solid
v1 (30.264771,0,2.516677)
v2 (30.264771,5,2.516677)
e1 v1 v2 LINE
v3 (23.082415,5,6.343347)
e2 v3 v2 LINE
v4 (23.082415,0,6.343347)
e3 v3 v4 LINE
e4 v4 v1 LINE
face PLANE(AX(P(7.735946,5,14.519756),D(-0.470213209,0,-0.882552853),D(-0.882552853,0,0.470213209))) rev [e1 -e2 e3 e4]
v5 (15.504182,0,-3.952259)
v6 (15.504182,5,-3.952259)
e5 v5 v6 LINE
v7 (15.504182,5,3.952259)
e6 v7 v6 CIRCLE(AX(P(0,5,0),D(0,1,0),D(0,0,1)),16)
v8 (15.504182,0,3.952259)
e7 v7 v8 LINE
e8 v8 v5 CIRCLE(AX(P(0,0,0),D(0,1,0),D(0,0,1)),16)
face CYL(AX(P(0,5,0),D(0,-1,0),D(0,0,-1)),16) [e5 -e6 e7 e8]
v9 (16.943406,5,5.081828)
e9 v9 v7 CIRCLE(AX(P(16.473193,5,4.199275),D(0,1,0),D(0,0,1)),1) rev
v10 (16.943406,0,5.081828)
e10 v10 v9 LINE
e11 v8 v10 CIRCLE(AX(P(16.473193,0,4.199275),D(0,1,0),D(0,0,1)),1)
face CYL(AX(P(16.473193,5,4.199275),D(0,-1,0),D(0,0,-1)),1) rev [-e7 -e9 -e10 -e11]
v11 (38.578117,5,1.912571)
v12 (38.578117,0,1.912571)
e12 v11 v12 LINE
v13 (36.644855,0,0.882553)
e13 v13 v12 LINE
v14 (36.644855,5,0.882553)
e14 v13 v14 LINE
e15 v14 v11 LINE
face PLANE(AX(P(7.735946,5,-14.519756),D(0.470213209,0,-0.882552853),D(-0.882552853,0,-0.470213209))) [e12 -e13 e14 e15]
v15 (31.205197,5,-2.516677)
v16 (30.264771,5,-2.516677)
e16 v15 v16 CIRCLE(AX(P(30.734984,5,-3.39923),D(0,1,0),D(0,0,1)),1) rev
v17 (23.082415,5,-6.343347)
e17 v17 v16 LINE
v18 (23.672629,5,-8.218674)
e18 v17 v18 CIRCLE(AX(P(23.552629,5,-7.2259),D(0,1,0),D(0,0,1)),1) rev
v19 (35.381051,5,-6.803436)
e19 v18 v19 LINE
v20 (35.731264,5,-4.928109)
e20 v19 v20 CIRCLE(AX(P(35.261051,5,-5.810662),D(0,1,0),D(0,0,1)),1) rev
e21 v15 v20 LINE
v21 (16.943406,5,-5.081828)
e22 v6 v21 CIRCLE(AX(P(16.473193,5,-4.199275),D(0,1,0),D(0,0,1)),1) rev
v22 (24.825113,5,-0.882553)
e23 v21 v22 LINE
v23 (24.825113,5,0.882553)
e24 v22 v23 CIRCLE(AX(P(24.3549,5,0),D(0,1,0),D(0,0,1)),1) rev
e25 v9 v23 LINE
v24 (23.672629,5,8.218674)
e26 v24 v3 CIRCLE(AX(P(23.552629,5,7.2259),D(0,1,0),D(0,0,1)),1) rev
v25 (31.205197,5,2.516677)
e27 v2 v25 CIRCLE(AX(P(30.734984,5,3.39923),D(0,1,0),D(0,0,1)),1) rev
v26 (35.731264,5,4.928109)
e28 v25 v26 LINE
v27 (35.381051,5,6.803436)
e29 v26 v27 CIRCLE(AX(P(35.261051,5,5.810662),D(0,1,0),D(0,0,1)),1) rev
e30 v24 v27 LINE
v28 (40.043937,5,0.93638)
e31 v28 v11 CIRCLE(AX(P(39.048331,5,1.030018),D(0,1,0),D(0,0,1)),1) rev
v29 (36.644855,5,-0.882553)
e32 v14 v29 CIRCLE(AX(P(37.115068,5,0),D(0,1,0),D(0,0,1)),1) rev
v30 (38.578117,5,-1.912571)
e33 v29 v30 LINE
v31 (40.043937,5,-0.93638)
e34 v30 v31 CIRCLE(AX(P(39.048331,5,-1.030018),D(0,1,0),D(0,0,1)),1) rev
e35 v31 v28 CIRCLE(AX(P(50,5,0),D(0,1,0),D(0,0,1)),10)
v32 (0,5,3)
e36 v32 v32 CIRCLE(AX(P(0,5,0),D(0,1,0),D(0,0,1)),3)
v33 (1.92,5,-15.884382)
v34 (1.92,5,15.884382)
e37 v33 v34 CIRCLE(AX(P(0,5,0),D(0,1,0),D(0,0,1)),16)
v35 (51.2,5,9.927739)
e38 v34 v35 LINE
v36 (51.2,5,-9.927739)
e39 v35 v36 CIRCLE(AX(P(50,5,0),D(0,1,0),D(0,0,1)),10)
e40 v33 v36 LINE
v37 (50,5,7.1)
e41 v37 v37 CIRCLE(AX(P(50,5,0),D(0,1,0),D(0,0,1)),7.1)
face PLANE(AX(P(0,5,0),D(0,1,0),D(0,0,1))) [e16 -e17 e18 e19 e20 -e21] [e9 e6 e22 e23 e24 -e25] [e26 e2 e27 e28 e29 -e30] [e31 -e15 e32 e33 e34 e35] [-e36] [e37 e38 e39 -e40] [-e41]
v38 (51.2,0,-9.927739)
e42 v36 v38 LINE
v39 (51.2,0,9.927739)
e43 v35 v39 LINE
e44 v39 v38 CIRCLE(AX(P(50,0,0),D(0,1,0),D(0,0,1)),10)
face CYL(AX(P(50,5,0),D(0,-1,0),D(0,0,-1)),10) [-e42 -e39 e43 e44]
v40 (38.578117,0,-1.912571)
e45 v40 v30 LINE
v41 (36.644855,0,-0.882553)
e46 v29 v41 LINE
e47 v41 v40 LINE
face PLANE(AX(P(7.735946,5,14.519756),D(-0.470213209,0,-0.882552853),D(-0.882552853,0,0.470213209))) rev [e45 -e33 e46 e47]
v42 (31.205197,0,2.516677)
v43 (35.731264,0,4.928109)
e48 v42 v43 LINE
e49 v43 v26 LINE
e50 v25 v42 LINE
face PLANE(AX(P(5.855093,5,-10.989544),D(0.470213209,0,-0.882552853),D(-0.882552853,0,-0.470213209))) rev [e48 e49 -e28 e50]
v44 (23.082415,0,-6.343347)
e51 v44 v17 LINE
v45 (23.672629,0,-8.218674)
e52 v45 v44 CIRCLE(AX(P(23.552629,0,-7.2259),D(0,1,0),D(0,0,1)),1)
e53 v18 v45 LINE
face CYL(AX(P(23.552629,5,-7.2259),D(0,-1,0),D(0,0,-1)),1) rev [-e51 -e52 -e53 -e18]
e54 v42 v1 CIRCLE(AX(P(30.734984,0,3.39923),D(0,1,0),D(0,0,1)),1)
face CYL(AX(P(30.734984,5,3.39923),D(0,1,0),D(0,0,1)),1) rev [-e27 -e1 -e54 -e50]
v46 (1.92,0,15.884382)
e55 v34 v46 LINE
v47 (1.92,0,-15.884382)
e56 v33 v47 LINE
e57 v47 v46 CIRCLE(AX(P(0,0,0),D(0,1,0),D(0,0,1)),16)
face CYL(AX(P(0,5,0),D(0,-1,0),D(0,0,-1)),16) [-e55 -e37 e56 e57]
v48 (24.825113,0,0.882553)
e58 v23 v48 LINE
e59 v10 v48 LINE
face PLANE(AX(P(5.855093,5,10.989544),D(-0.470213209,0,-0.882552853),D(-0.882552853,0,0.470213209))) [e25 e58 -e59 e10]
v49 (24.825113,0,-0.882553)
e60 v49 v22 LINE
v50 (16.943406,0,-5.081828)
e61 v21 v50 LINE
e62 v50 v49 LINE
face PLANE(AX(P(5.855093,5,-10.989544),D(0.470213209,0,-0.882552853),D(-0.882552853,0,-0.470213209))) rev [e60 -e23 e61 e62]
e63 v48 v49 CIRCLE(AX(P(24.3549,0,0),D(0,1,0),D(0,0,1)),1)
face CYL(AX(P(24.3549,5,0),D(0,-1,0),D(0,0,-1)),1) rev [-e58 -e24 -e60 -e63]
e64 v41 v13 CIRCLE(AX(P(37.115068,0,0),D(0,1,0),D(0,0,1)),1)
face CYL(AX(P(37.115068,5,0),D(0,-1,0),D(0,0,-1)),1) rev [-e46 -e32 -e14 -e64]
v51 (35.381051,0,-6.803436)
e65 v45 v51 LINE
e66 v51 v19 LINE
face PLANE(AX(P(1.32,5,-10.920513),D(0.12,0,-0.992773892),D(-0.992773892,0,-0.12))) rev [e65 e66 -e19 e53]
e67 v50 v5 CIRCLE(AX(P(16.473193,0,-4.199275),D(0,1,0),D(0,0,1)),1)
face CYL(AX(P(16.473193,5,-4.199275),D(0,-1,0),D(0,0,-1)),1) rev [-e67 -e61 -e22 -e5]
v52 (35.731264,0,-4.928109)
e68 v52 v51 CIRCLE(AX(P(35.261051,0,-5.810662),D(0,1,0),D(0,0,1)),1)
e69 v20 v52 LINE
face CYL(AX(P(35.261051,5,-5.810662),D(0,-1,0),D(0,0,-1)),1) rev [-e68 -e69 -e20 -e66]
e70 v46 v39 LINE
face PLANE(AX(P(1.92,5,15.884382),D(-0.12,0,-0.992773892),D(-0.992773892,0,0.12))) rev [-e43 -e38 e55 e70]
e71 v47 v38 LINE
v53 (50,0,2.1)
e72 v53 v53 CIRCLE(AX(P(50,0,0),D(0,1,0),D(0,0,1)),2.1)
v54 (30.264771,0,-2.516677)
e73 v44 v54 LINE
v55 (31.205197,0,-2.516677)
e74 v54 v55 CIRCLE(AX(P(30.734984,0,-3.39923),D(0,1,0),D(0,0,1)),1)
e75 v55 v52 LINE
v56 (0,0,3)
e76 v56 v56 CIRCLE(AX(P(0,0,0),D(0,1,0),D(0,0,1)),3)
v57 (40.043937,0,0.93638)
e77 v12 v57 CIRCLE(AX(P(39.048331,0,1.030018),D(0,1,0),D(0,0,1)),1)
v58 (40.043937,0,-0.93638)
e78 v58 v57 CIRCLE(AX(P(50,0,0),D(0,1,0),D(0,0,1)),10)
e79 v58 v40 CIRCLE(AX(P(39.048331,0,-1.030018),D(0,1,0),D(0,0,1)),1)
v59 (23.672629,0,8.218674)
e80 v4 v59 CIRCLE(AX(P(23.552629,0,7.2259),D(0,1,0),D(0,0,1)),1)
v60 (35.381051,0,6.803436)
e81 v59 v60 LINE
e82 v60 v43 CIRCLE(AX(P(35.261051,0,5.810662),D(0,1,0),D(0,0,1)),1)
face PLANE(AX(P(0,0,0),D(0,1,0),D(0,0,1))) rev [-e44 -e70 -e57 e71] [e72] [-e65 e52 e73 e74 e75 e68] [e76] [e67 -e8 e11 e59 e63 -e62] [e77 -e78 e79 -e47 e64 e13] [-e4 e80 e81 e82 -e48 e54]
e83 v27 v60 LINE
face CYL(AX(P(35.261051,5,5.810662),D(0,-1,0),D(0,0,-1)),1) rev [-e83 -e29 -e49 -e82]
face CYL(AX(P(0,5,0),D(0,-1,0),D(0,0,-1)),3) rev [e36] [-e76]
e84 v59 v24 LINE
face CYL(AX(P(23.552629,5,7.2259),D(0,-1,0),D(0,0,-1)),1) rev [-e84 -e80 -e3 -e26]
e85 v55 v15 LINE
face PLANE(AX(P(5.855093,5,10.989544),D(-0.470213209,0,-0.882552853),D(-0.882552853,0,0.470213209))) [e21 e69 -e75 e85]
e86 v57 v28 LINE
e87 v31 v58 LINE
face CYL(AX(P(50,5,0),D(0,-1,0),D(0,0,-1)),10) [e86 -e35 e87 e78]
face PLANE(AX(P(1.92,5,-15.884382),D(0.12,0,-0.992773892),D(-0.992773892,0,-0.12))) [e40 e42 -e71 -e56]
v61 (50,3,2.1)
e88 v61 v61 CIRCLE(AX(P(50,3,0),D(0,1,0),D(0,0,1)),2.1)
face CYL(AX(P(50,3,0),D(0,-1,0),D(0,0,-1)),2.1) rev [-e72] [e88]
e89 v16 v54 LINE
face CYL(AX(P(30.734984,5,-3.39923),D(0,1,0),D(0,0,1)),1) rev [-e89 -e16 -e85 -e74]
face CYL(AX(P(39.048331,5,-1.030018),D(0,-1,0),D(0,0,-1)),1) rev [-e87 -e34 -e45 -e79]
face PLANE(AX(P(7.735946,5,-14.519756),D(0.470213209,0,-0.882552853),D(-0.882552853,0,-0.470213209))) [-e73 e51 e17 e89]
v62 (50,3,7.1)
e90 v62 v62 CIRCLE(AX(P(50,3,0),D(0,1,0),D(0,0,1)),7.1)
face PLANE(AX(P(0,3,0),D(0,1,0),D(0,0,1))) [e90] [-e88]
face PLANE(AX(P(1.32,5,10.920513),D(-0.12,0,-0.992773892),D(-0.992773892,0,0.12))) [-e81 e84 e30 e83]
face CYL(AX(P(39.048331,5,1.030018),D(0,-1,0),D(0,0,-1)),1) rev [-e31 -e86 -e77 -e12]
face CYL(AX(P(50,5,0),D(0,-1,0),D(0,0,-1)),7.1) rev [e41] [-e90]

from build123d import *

# Parameters (mm, degrees)
SKETCH_1_R      = 3
SKETCH_1_R_2    = 7.1
EXTRUDE_1_DEPTH = 5
SKETCH_1_3_R    = 7.1
SKETCH_1_3_R_2  = 2.1
EXTRUDE_2_DEPTH = 3
FILLET_1_R      = 1
FILLET_2_R      = 1
FILLET_3_R      = 1
FILLET_4_R      = 1


with BuildPart() as part:
    # 草图1 → 凸台-拉伸1 (new body)
    with BuildSketch(Plane(origin=(0, 0, 0), x_dir=(1, 0, 0), z_dir=(0, 1, 0))):
        with BuildLine():
            ThreePointArc((1.92, 15.884382267), (-16, 0), (1.92, -15.884382267))
            Line((1.92, -15.884382267), (51.2, -9.927738917))
            ThreePointArc((51.2, -9.927738917), (60, 0), (51.2, 9.927738917))
            Line((51.2, 9.927738917), (1.92, 15.884382267))
        make_face()
        Circle(SKETCH_1_R, mode=Mode.SUBTRACT)
        Polygon((38.535462938, -6.422151611), (18.356508588, -8.861251331), (30.734984007, -2.266153232), align=None, mode=Mode.SUBTRACT)
        with BuildLine():
            Line((40.429404433, -2.898913674), (34.988373668, 0))
            Line((34.988373668, 0), (40.429404433, 2.898913674))
            ThreePointArc((40.429404433, 2.898913674), (40, 0), (40.429404433, -2.898913674))
        make_face(mode=Mode.SUBTRACT)
        with Locations((50, 0)):
            Circle(SKETCH_1_R_2, mode=Mode.SUBTRACT)
        with BuildLine():
            ThreePointArc((14.72234722, -6.265180949), (16, 0), (14.72234722, 6.265180949))
            Line((14.72234722, 6.265180949), (26.481594346, 0))
            Line((26.481594346, 0), (14.72234722, -6.265180949))
        make_face(mode=Mode.SUBTRACT)
        Polygon((30.734984007, 2.266153232), (18.356508588, 8.861251331), (38.535462938, 6.422151611), align=None, mode=Mode.SUBTRACT)
    extrude(amount=EXTRUDE_1_DEPTH)

    # 草图1<3> → 凸台-拉伸2 (add)
    with BuildSketch(Plane(origin=(0, 0, 0), x_dir=(1, 0, 0), z_dir=(0, 1, 0))):
        with Locations((50, 0)):
            Circle(SKETCH_1_3_R)
        with Locations((50, 0)):
            Circle(SKETCH_1_3_R_2, mode=Mode.SUBTRACT)
    extrude(amount=EXTRUDE_2_DEPTH)

    # 圆角1
    fillet_1_edges = [part.edges().sort_by_distance(p)[0] for p in [
        (34.988373668, 2.5, 0),
        (40.429404433, 2.5, -2.898913674),
        (40.429404433, 2.5, 2.898913674),
    ]]
    fillet(fillet_1_edges, radius=FILLET_1_R)

    # 圆角2
    fillet_2_edges = [part.edges().sort_by_distance(p)[0] for p in [
        (30.734984007, 2.5, 2.266153232),
        (18.356508588, 2.5, 8.861251331),
        (38.535462938, 2.5, 6.422151611),
    ]]
    fillet(fillet_2_edges, radius=FILLET_2_R)

    # 圆角3
    fillet_3_edges = [part.edges().sort_by_distance(p)[0] for p in [
        (18.356508588, 2.5, -8.861251331),
        (30.734984007, 2.5, -2.266153232),
        (38.535462938, 2.5, -6.422151611),
    ]]
    fillet(fillet_3_edges, radius=FILLET_3_R)

    # 圆角4
    fillet_4_edges = [part.edges().sort_by_distance(p)[0] for p in [
        (14.72234722, 2.5, -6.265180949),
        (26.481594346, 2.5, 0),
        (14.72234722, 2.5, 6.265180949),
    ]]
    fillet(fillet_4_edges, radius=FILLET_4_R)


solid = part.part
